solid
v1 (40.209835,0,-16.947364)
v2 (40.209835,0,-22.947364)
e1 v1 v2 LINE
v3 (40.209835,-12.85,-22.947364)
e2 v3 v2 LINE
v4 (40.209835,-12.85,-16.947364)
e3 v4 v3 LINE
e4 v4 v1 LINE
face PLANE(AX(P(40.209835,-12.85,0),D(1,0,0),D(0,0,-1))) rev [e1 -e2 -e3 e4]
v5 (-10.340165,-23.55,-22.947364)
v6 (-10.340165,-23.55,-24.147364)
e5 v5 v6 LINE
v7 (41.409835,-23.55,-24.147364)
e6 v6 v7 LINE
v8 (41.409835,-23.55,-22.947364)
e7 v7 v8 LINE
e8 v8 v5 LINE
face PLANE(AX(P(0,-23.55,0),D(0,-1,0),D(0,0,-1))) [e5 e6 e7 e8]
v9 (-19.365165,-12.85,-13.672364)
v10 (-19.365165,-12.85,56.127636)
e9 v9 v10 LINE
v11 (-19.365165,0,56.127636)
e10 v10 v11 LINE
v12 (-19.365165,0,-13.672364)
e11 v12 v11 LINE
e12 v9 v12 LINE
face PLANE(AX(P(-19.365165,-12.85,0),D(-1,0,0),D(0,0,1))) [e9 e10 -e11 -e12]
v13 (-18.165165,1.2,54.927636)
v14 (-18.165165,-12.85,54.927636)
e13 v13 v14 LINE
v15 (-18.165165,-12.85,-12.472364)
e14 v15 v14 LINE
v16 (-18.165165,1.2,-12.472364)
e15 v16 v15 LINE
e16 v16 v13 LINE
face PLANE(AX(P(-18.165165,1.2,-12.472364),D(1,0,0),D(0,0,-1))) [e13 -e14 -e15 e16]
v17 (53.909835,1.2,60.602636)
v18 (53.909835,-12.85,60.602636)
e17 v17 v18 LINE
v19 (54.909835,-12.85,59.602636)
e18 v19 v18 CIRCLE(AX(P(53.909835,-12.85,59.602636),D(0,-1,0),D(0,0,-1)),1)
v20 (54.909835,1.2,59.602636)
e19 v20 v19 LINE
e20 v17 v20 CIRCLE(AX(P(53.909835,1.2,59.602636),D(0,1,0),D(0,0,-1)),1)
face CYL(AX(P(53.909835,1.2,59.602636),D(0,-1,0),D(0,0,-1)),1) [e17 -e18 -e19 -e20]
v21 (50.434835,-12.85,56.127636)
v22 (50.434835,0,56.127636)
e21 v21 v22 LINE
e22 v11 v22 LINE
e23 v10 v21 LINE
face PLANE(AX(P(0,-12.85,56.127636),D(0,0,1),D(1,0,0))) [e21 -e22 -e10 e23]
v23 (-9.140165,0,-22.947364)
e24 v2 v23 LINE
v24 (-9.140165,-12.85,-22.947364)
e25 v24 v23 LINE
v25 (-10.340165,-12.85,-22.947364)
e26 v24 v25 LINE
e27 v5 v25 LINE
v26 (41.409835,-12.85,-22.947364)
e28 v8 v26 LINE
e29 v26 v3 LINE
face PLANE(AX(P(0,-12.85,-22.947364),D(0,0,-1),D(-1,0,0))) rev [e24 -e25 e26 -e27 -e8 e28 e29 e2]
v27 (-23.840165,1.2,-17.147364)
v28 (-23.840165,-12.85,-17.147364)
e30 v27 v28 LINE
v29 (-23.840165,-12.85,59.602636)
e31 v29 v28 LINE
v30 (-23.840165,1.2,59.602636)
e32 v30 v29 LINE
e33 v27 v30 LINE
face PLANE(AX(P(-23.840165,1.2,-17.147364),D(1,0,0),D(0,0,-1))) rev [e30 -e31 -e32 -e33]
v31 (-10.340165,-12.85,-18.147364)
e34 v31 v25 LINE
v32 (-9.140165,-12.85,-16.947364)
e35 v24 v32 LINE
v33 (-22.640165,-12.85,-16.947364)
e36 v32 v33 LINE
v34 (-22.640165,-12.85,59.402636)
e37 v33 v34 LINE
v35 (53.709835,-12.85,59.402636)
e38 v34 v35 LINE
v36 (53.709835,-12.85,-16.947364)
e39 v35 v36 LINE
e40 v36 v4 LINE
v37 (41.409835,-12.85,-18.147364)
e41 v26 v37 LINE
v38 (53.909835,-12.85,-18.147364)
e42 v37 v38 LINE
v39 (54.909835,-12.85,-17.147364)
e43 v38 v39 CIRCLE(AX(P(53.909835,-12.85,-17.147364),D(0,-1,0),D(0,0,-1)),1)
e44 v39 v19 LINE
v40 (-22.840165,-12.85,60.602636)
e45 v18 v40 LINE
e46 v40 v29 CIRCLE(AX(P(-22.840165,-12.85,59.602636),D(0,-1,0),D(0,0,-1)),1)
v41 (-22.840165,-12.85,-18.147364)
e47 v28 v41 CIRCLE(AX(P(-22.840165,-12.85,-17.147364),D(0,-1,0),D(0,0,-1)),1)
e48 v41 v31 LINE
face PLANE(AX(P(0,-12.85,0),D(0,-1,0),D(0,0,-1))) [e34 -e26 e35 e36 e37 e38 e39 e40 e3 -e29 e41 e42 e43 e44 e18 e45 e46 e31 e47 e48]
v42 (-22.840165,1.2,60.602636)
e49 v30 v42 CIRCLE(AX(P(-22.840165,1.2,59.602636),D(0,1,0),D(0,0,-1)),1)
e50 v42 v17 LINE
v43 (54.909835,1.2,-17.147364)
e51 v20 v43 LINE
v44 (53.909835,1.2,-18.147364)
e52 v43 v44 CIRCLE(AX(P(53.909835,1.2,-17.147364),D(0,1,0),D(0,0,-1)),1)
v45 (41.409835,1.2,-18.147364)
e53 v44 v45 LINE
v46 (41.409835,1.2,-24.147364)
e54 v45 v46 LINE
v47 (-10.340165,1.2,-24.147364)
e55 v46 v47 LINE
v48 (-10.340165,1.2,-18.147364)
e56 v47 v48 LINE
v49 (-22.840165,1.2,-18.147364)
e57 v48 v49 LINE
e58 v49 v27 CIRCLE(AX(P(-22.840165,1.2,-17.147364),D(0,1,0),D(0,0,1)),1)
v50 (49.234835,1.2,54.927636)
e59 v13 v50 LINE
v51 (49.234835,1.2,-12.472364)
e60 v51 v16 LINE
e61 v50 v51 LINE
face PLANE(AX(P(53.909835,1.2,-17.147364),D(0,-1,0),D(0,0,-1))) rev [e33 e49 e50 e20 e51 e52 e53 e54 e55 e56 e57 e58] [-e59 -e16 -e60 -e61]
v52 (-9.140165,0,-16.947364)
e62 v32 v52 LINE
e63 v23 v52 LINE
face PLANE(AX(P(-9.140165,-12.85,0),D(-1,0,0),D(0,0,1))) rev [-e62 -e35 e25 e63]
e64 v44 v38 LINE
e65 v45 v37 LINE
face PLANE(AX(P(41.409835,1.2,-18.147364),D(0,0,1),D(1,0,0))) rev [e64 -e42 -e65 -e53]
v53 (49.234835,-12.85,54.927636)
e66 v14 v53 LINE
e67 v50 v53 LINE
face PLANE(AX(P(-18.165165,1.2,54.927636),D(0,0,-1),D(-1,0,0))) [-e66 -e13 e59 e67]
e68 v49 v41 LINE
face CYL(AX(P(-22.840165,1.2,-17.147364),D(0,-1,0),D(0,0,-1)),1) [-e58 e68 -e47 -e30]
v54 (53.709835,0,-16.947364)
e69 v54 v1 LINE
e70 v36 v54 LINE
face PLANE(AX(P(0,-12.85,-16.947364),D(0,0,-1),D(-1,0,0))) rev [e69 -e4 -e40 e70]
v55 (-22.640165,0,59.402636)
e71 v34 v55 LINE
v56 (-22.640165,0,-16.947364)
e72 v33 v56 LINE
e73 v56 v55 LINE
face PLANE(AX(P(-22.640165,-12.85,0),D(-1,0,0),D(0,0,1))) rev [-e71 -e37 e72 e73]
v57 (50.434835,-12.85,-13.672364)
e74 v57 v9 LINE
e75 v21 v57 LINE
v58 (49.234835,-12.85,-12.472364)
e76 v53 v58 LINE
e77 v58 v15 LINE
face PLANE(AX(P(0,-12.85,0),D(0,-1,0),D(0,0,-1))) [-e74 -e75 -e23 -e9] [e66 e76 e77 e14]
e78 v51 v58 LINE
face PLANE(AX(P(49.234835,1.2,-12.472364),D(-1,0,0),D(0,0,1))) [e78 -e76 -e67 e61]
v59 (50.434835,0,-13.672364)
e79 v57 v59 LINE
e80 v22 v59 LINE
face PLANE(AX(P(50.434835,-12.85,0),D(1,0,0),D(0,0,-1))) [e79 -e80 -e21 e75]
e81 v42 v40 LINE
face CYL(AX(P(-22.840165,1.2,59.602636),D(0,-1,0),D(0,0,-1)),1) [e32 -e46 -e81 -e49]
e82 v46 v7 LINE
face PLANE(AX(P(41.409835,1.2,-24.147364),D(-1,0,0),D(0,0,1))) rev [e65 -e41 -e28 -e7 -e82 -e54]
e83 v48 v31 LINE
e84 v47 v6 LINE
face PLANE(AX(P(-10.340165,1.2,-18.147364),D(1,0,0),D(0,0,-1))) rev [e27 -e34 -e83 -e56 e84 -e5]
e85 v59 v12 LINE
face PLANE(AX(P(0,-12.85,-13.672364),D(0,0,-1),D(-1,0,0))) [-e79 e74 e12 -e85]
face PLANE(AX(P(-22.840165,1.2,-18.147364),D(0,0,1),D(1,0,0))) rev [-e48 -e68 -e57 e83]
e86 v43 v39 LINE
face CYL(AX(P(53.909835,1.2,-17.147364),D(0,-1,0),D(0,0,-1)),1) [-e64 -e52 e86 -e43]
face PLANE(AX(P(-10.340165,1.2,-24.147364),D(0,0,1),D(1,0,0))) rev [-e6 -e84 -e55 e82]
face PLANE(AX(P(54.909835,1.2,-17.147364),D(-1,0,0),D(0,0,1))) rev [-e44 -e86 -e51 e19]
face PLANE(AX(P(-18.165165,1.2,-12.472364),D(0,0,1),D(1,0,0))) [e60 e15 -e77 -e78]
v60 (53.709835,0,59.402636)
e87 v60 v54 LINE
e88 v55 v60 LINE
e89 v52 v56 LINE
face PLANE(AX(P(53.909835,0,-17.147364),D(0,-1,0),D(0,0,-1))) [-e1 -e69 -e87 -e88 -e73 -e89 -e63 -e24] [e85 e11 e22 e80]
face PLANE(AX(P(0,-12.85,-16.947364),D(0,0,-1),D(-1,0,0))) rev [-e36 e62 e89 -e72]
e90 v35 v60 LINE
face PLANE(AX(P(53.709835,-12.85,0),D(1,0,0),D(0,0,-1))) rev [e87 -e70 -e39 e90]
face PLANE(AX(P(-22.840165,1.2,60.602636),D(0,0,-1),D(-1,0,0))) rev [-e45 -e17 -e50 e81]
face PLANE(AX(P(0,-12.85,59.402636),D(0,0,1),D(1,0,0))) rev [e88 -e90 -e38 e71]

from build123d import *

# Parameters (mm, degrees)
SKETCH1_W           = 67.4
SKETCH1_H           = 67.4
BOSS_EXTRUDE1_DEPTH = 1.2
BOSS_EXTRUDE2_START = 12.85
SKETCH2_W           = 69.8
SKETCH2_H           = 69.8
SKETCH2_W_2         = 67.4
SKETCH2_H_2         = 67.4
BOSS_EXTRUDE2_DEPTH = 12.85
BOSS_EXTRUDE3_DEPTH = 10.7


with BuildPart() as part:
    # Sketch1 → Boss-Extrude1 (new body)
    with BuildSketch(Plane(origin=(0, 0, 0), x_dir=(1, 0, 0), z_dir=(0, 1, 0))):
        with BuildLine():
            Line((-22.840165497, 18.147363877), (-10.340165497, 18.147363877))
            Line((-10.340165497, 18.147363877), (-10.340165497, 24.147363877))
            Line((-10.340165497, 24.147363877), (41.409834503, 24.147363877))
            Line((41.409834503, 24.147363877), (41.409834503, 18.147363877))
            Line((41.409834503, 18.147363877), (53.909834503, 18.147363877))
            ThreePointArc((53.909834503, 18.147363877), (54.616941284, 17.854470658), (54.909834503, 17.147363877))
            Line((54.909834503, 17.147363877), (54.909834503, -59.602636123))
            ThreePointArc((54.909834503, -59.602636123), (54.616941284, -60.309742904), (53.909834503, -60.602636123))
            Line((53.909834503, -60.602636123), (-22.840165497, -60.602636123))
            ThreePointArc((-22.840165497, -60.602636123), (-23.547272279, -60.309742904), (-23.840165497, -59.602636123))
            Line((-23.840165497, -59.602636123), (-23.840165497, 17.147363877))
            ThreePointArc((-23.840165497, 17.147363877), (-23.547272279, 17.854470658), (-22.840165497, 18.147363877))
        make_face()
        with Locations((15.534834503, -21.227636123)):
            Rectangle(SKETCH1_W, SKETCH1_H, mode=Mode.SUBTRACT)
    extrude(amount=BOSS_EXTRUDE1_DEPTH)

    # Sketch2 → Boss-Extrude2 (add)
    # profile 1 of 2: a face of its own
    with BuildSketch(Plane.XZ.offset(BOSS_EXTRUDE2_START)):
        with BuildLine():
            Line((-10.340165497, -24.147363877), (41.409834503, -24.147363877))
            Line((41.409834503, -24.147363877), (41.409834503, -18.147363877))
            Line((41.409834503, -18.147363877), (53.909834503, -18.147363877))
            ThreePointArc((53.909834503, -18.147363877), (54.616941284, -17.854470658), (54.909834503, -17.147363877))
            Line((54.909834503, -17.147363877), (54.909834503, 59.602636123))
            ThreePointArc((54.909834503, 59.602636123), (54.616941284, 60.309742904), (53.909834503, 60.602636123))
            Line((53.909834503, 60.602636123), (-22.840165497, 60.602636123))
            ThreePointArc((-22.840165497, 60.602636123), (-23.547272279, 60.309742904), (-23.840165497, 59.602636123))
            Line((-23.840165497, 59.602636123), (-23.840165497, -17.147363877))
            ThreePointArc((-23.840165497, -17.147363877), (-23.547272279, -17.854470658), (-22.840165497, -18.147363877))
            Line((-22.840165497, -18.147363877), (-10.340165497, -18.147363877))
            Line((-10.340165497, -18.147363877), (-10.340165497, -24.147363877))
        make_face()
        Polygon((40.209834503, -16.947363877), (40.209834503, -22.947363877), (-9.140165497, -22.947363877), (-9.140165497, -16.947363877), (-22.640165497, -16.947363877), (-22.640165497, 59.402636123), (53.709834503, 59.402636123), (53.709834503, -16.947363877), align=None, mode=Mode.SUBTRACT)
    # profile 2 of 2: a face of its own
    with BuildSketch(Plane.XZ.offset(BOSS_EXTRUDE2_START)):
        with Locations((15.534834503, 21.227636123)):
            Rectangle(SKETCH2_W, SKETCH2_H)
        with Locations((15.534834503, 21.227636123)):
            Rectangle(SKETCH2_W_2, SKETCH2_H_2, mode=Mode.SUBTRACT)
    extrude(amount=-BOSS_EXTRUDE2_DEPTH)

    # Sketch3 → Boss-Extrude3 (add)
    with BuildSketch(Plane.XZ.offset(12.85)):
        Polygon((-9.140165497, -22.947363877), (-10.340165497, -22.947363877), (-10.340165497, -24.147363877), (41.409834503, -24.147363877), (41.409834503, -22.947363877), align=None)
    extrude(amount=BOSS_EXTRUDE3_DEPTH)


solid = part.part
